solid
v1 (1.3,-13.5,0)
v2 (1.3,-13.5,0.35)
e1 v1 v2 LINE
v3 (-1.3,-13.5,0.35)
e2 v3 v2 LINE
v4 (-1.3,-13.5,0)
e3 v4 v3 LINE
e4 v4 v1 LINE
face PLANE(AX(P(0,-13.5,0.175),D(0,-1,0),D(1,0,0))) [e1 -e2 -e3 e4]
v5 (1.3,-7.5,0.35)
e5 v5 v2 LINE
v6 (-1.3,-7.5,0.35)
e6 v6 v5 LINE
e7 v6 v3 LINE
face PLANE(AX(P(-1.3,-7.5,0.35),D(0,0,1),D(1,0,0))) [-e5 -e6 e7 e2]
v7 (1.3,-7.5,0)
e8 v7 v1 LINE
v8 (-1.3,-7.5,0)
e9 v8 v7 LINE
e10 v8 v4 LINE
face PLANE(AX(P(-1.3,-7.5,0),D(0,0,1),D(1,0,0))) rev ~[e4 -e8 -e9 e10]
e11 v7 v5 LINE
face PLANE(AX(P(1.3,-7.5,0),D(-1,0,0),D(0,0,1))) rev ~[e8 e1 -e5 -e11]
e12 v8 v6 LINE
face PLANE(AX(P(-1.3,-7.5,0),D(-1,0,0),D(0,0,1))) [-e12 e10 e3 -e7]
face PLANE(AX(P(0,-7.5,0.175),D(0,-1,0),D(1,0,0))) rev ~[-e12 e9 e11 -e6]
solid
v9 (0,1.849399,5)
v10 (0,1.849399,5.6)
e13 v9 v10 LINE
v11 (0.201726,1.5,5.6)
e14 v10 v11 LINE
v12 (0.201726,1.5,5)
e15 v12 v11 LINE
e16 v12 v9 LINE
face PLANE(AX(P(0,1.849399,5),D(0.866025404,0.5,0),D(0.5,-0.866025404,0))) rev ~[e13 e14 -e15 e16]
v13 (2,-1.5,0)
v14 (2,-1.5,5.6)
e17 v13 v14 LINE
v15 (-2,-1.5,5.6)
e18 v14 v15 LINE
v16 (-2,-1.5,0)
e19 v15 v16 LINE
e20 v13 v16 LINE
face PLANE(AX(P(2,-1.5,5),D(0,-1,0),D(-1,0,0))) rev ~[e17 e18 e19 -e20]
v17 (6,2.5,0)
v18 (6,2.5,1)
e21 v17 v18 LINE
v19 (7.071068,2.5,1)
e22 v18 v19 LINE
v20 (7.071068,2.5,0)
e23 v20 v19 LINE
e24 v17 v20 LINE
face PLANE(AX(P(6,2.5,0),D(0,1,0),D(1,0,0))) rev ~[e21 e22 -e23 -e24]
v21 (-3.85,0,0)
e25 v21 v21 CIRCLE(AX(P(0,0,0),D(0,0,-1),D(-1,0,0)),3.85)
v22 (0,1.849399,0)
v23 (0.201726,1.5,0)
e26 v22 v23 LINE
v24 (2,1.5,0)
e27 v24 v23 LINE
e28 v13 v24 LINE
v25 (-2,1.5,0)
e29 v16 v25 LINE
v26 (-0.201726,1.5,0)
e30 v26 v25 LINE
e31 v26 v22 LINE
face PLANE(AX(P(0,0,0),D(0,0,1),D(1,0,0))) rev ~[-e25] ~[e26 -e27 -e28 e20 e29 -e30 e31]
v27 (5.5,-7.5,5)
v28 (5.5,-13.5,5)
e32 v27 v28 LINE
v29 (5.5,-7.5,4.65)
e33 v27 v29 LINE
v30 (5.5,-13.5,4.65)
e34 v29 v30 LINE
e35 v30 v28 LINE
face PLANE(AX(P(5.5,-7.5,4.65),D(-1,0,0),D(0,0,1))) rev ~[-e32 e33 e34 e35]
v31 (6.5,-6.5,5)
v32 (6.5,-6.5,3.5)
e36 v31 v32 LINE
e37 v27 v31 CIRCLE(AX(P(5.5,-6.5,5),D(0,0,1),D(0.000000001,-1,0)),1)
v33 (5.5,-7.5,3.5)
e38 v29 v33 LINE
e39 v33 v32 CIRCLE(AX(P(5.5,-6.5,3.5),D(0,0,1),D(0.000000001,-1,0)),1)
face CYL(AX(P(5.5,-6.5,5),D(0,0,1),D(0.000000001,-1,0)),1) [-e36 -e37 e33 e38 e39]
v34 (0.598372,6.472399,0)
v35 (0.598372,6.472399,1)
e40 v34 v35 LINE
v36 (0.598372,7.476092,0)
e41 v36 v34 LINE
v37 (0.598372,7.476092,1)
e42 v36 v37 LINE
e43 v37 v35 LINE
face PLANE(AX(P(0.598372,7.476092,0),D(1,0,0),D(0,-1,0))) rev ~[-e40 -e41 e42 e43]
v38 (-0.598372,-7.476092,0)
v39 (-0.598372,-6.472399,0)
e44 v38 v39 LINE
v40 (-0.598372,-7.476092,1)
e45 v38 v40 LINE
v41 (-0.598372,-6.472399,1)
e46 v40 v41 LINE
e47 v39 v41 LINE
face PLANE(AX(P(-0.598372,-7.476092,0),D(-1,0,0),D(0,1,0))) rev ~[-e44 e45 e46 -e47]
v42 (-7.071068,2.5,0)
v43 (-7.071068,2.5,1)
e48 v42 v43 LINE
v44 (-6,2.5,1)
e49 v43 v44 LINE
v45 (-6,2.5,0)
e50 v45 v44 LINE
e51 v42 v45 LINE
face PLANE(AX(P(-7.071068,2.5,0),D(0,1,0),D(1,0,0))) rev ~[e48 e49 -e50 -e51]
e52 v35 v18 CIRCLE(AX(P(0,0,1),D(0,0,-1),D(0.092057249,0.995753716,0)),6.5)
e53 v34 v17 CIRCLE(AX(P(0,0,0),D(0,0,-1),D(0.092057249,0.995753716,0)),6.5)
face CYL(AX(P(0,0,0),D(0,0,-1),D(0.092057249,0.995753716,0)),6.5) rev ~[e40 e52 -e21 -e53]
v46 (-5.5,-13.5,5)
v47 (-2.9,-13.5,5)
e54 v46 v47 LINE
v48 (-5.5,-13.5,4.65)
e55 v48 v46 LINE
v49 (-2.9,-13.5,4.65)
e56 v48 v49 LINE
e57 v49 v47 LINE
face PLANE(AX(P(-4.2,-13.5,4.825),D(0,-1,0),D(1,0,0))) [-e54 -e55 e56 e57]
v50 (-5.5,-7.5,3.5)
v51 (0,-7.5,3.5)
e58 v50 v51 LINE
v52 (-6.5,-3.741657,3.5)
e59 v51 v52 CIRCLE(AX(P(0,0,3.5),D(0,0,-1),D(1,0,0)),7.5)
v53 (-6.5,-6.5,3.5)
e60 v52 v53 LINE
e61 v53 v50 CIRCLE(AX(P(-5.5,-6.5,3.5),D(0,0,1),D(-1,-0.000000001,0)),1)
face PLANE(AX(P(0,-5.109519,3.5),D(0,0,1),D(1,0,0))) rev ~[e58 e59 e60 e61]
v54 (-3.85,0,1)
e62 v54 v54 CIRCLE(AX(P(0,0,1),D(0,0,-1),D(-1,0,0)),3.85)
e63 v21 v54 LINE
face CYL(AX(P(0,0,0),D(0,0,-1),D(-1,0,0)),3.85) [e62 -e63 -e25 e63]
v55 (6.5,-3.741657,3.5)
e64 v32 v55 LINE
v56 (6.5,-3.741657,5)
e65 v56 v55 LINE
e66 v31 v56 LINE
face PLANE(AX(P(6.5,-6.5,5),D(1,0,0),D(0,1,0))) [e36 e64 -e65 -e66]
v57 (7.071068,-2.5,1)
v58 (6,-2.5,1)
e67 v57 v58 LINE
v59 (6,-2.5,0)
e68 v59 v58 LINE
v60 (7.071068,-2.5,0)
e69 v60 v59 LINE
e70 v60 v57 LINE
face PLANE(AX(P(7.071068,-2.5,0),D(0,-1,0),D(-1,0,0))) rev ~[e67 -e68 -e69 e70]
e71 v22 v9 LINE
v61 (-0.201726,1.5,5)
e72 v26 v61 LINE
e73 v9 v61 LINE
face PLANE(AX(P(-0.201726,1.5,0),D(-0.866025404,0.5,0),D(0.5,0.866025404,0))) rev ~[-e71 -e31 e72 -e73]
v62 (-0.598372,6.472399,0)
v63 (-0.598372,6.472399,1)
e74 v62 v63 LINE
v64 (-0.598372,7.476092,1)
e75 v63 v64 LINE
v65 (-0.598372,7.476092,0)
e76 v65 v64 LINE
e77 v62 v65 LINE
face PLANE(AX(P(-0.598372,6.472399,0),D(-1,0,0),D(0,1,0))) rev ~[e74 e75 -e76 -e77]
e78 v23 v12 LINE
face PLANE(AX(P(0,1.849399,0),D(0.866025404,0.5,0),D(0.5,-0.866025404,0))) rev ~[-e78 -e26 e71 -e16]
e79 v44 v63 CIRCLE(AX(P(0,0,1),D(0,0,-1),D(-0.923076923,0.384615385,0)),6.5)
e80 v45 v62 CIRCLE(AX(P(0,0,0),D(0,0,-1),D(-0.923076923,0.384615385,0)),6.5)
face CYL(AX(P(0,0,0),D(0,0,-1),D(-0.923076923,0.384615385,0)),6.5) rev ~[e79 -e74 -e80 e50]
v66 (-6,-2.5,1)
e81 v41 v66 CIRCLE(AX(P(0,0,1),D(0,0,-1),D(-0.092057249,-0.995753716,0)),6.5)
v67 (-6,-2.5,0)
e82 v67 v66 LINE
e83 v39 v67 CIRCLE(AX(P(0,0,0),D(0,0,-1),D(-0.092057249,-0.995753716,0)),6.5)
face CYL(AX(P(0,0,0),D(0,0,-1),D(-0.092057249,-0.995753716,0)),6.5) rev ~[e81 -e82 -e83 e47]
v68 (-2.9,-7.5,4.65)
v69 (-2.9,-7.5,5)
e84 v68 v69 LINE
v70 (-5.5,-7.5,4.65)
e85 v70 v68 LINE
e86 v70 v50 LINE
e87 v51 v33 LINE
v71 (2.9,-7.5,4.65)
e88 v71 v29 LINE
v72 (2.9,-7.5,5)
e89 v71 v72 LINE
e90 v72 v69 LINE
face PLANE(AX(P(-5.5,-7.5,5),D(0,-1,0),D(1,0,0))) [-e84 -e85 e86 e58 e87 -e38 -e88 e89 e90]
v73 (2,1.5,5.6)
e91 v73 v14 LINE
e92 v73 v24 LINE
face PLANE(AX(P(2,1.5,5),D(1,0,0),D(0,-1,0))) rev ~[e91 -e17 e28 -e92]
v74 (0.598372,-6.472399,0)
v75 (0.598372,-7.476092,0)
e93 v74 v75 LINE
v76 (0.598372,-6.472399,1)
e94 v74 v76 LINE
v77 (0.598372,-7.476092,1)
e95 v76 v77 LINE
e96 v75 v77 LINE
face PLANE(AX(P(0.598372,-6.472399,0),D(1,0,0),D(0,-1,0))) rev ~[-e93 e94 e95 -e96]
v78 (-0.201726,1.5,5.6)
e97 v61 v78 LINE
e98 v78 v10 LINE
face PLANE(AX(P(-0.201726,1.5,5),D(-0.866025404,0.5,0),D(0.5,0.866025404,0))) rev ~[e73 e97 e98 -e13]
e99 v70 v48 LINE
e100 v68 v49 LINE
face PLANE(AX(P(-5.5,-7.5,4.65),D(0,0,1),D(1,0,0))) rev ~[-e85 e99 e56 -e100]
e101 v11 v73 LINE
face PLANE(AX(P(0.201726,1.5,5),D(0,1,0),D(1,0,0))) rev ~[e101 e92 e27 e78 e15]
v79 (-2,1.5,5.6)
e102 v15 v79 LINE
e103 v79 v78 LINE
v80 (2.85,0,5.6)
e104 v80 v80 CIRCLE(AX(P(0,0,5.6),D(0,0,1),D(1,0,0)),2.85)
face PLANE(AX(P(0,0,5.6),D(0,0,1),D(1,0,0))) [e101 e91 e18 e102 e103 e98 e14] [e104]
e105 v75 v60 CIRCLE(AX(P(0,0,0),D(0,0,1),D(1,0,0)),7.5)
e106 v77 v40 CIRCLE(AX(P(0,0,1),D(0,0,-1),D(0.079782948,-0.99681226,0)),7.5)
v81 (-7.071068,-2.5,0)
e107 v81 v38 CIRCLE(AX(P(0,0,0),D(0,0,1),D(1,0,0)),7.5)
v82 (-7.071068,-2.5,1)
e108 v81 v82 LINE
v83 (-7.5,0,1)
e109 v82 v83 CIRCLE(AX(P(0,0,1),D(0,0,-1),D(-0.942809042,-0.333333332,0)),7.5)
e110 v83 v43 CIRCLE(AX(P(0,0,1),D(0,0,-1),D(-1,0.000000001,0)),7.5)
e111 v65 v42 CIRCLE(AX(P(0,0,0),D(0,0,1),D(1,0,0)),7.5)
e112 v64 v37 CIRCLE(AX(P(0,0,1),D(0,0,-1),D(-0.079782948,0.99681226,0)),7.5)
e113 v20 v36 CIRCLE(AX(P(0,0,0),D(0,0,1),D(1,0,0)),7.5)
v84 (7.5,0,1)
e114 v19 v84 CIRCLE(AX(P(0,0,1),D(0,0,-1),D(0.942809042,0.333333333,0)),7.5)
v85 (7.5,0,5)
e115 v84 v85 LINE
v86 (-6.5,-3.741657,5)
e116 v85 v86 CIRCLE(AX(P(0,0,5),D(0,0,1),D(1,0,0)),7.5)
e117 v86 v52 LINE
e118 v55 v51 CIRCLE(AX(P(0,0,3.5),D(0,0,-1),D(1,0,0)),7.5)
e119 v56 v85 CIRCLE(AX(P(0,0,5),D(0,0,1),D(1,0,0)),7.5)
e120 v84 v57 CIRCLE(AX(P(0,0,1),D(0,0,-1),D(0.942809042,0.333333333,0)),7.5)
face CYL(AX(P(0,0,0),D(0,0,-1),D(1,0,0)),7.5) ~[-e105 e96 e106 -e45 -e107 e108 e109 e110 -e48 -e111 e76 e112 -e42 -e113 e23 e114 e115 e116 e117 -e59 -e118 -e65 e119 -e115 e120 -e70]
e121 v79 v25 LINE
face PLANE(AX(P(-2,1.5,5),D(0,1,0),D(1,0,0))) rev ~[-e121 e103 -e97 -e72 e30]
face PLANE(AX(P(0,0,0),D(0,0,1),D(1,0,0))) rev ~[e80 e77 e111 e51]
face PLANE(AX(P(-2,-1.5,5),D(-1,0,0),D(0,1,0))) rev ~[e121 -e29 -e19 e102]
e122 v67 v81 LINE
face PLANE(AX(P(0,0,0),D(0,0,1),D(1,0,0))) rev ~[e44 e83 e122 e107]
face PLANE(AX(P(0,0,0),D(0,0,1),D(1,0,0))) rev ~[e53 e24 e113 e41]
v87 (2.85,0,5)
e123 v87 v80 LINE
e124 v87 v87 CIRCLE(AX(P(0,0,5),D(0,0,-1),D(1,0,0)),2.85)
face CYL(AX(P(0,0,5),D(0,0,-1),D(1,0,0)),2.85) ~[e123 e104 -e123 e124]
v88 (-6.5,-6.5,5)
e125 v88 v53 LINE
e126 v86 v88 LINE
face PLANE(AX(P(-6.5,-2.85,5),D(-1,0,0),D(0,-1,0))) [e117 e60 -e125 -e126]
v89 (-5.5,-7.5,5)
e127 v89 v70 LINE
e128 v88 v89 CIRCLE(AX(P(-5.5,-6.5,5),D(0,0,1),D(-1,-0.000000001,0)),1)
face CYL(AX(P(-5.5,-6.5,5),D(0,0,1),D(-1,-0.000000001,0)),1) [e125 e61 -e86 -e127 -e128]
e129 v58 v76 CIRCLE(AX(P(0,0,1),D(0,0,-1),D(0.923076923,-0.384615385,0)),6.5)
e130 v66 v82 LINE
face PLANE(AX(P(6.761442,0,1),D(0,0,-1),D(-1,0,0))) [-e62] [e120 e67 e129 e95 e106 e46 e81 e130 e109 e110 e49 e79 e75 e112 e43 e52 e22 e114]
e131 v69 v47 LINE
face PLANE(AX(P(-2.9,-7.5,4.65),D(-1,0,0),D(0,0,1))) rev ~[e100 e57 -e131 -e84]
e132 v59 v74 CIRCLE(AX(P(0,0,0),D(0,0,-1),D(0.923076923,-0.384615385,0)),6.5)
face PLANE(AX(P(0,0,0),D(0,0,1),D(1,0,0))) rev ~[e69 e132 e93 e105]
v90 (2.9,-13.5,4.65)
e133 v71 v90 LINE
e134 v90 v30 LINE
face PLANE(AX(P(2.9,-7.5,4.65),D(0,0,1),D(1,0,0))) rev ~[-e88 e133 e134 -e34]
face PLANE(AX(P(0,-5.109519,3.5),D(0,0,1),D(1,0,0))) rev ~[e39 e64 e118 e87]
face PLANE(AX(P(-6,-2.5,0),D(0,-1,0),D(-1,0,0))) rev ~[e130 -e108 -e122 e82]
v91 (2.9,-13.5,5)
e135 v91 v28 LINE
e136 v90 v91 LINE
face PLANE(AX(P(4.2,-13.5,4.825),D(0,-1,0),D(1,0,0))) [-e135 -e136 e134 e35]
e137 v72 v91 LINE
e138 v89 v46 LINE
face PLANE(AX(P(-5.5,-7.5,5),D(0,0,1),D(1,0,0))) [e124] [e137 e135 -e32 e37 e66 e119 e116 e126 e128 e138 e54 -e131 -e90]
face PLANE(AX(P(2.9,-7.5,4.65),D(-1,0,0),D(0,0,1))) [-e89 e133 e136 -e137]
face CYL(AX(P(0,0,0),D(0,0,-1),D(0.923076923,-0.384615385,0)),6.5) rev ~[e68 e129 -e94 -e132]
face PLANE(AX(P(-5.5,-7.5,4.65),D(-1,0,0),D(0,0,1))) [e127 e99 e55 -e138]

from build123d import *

# Parameters (mm, degrees)
SKETCH2_R           = 7.5
BOSS_EXTRUDE1_DEPTH = 5
SKETCH3_W           = 4
SKETCH3_H           = 3
CUT_EXTRUDE1_DEPTH  = 12.7260394
SKETCH4_R           = 3.85
CUT_EXTRUDE2_DEPTH  = 1
SKETCH7_R           = 2.85
BOSS_EXTRUDE2_DEPTH = 0.6
BOSS_EXTRUDE3_DEPTH = 1.5
SKETCH9_W           = 2.6
SKETCH9_H           = 0.35
BOSS_EXTRUDE4_DEPTH = 6


with BuildPart() as part:
    # Sketch2 → Boss-Extrude1 (new body)
    with BuildSketch(Plane.XY):
        Circle(SKETCH2_R)
    extrude(amount=BOSS_EXTRUDE1_DEPTH)

    # Sketch3 → Cut-Extrude1 (cut, through all)
    with BuildSketch(Plane(origin=(0, 0, 0), x_dir=(-1, 0, 0), z_dir=(0, 0, -1))):
        Polygon((0.302588522, 1.325300435), (0, 1.849399129), (-0.302588522, 1.325300435), align=None)
        Rectangle(SKETCH3_W, SKETCH3_H)
    extrude(amount=-CUT_EXTRUDE1_DEPTH, mode=Mode.SUBTRACT)

    # Sketch4 → Cut-Extrude2 (cut)
    # profile 1 of 9: a face of its own
    with BuildSketch(Plane(origin=(0, 0, 0), x_dir=(-1, 0, 0), z_dir=(0, 0, -1))):
        with BuildLine():
            Line((-7.071067812, -2.5), (-6, -2.5))
            ThreePointArc((-6, -2.5), (-6.5, 0), (-6, 2.5))
            Line((-6, 2.5), (-7.071067812, 2.5))
            ThreePointArc((-7.071067812, 2.5), (-7.5, 0), (-7.071067812, -2.5))
        make_face()
    # profile 2 of 9: a face of its own
    with BuildSketch(Plane(origin=(0, 0, 0), x_dir=(-1, 0, 0), z_dir=(0, 0, -1))):
        with BuildLine():
            Line((-6, -2.5), (-4.581631236, -2.5))
            Line((-4.581631236, -2.5), (-4.581631236, 2.5))
            Line((-4.581631236, 2.5), (-6, 2.5))
            ThreePointArc((-6, 2.5), (-6.5, 0), (-6, -2.5))
        make_face()
    # profile 3 of 9: a face of its own
    with BuildSketch(Plane(origin=(0, 0, 0), x_dir=(-1, 0, 0), z_dir=(0, 0, -1))):
        with BuildLine():
            Line((-4.581631236, 2.5), (-4.581631236, -2.5))
            Line((-4.581631236, -2.5), (-6, -2.5))
            ThreePointArc((-6, -2.5), (-3.850924227, -5.236447517), (-0.598372116, -6.472399154))
            Line((-0.598372116, -6.472399154), (-0.598372116, -5.084021936))
            Line((-0.598372116, -5.084021936), (0.598372116, -5.084021936))
            Line((0.598372116, -5.084021936), (0.598372116, -6.472399154))
            ThreePointArc((0.598372116, -6.472399154), (3.850924227, -5.236447517), (6, -2.5))
            Line((6, -2.5), (4.581631236, -2.5))
            Line((4.581631236, -2.5), (4.581631236, 2.5))
            Line((4.581631236, 2.5), (6, 2.5))
            ThreePointArc((6, 2.5), (3.850924227, 5.236447517), (0.598372116, 6.472399154))
            Line((0.598372116, 6.472399154), (0.598372116, 4.979496746))
            Line((0.598372116, 4.979496746), (-0.598372116, 4.979496746))
            Line((-0.598372116, 4.979496746), (-0.598372116, 6.472399154))
            ThreePointArc((-0.598372116, 6.472399154), (-3.850924227, 5.236447517), (-6, 2.5))
            Line((-6, 2.5), (-4.581631236, 2.5))
        make_face()
        Circle(SKETCH4_R, mode=Mode.SUBTRACT)
    # profile 4 of 9: a face of its own
    with BuildSketch(Plane(origin=(0, 0, 0), x_dir=(-1, 0, 0), z_dir=(0, 0, -1))):
        with BuildLine():
            ThreePointArc((0.598372116, 6.472399154), (0, 6.5), (-0.598372116, 6.472399154))
            Line((-0.598372116, 6.472399154), (-0.598372116, 4.979496746))
            Line((-0.598372116, 4.979496746), (0.598372116, 4.979496746))
            Line((0.598372116, 4.979496746), (0.598372116, 6.472399154))
        make_face()
    # profile 5 of 9: a face of its own
    with BuildSketch(Plane(origin=(0, 0, 0), x_dir=(-1, 0, 0), z_dir=(0, 0, -1))):
        with BuildLine():
            Line((-0.598372116, 7.476091948), (-0.598372116, 6.472399154))
            ThreePointArc((-0.598372116, 6.472399154), (0, 6.5), (0.598372116, 6.472399154))
            Line((0.598372116, 6.472399154), (0.598372116, 7.476091948))
            ThreePointArc((0.598372116, 7.476091948), (0, 7.5), (-0.598372116, 7.476091948))
        make_face()
    # profile 6 of 9: a face of its own
    with BuildSketch(Plane(origin=(0, 0, 0), x_dir=(-1, 0, 0), z_dir=(0, 0, -1))):
        with BuildLine():
            Line((4.581631236, -2.5), (6, -2.5))
            ThreePointArc((6, -2.5), (6.373774392, -1.274754878), (6.5, 0))
            ThreePointArc((6.5, 0), (6.373774392, 1.274754878), (6, 2.5))
            Line((6, 2.5), (4.581631236, 2.5))
            Line((4.581631236, 2.5), (4.581631236, -2.5))
        make_face()
    # profile 7 of 9: a face of its own
    with BuildSketch(Plane(origin=(0, 0, 0), x_dir=(-1, 0, 0), z_dir=(0, 0, -1))):
        with BuildLine():
            ThreePointArc((6.5, 0), (6.373774392, -1.274754878), (6, -2.5))
            Line((6, -2.5), (7.071067812, -2.5))
            ThreePointArc((7.071067812, -2.5), (7.391989197, -1.26826484), (7.5, 0))
            ThreePointArc((7.5, 0), (7.391989197, 1.26826484), (7.071067812, 2.5))
            Line((7.071067812, 2.5), (6, 2.5))
            ThreePointArc((6, 2.5), (6.373774392, 1.274754878), (6.5, 0))
        make_face()
    # profile 8 of 9: a face of its own
    with BuildSketch(Plane(origin=(0, 0, 0), x_dir=(-1, 0, 0), z_dir=(0, 0, -1))):
        with BuildLine():
            Line((-0.598372116, -5.084021936), (-0.598372116, -6.472399154))
            ThreePointArc((-0.598372116, -6.472399154), (0, -6.5), (0.598372116, -6.472399154))
            Line((0.598372116, -6.472399154), (0.598372116, -5.084021936))
            Line((0.598372116, -5.084021936), (-0.598372116, -5.084021936))
        make_face()
    # profile 9 of 9: a face of its own
    with BuildSketch(Plane(origin=(0, 0, 0), x_dir=(-1, 0, 0), z_dir=(0, 0, -1))):
        with BuildLine():
            ThreePointArc((0.598372116, -6.472399154), (0, -6.5), (-0.598372116, -6.472399154))
            Line((-0.598372116, -6.472399154), (-0.598372116, -7.476091948))
            ThreePointArc((-0.598372116, -7.476091948), (0, -7.5), (0.598372116, -7.476091948))
            Line((0.598372116, -7.476091948), (0.598372116, -6.472399154))
        make_face()
    extrude(amount=-CUT_EXTRUDE2_DEPTH, mode=Mode.SUBTRACT)

    # Sketch7 → Boss-Extrude2 (add)
    with BuildSketch(Plane.XY.offset(5)):
        Circle(SKETCH7_R)
        Polygon((2, -1.5), (-2, -1.5), (-2, 1.5), (-0.201725681, 1.5), (0, 1.849399129), (0.201725681, 1.5), (2, 1.5), align=None, mode=Mode.SUBTRACT)
    extrude(amount=BOSS_EXTRUDE2_DEPTH)

    # Sketch8 → Boss-Extrude3 (add)
    with BuildSketch(Plane.XY.offset(5)):
        with BuildLine():
            Line((-5.5, -7.5), (5.5, -7.5))
            ThreePointArc((5.5, -7.5), (6.207106781, -7.207106781), (6.5, -6.5))
            Line((6.5, -6.5), (6.5, -2.85))
            Line((6.5, -2.85), (-6.5, -2.85))
            Line((-6.5, -2.85), (-6.5, -6.5))
            ThreePointArc((-6.5, -6.5), (-6.207106781, -7.207106781), (-5.5, -7.5))
        make_face()
    extrude(amount=-BOSS_EXTRUDE3_DEPTH)

    # Sketch9 → Boss-Extrude4 (add)
    with BuildSketch(Plane.XZ.offset(7.5)):
        with Locations((0, 0.175)):
            Rectangle(SKETCH9_W, SKETCH9_H)
        with Locations((-4.2, 4.825)):
            Rectangle(SKETCH9_W, SKETCH9_H)
        with Locations((4.2, 4.825)):
            Rectangle(SKETCH9_W, SKETCH9_H)
    extrude(amount=BOSS_EXTRUDE4_DEPTH)


with BuildPart() as boss_extrude4_piece_1:
    # of the separate pieces the step leaves, piece 1, a body of its own (boss_extrude4_pieces)
    add(part.part.solids().sort_by_distance((7.071067812, 2.5, 0))[0])


with BuildPart() as boss_extrude4_piece_2:
    # of the separate pieces the step leaves, piece 2, a body of its own (boss_extrude4_pieces)
    add(part.part.solids().sort_by_distance((-1.3, -7.5, 0))[0])


solid = Compound([boss_extrude4_piece_1.part, boss_extrude4_piece_2.part])
